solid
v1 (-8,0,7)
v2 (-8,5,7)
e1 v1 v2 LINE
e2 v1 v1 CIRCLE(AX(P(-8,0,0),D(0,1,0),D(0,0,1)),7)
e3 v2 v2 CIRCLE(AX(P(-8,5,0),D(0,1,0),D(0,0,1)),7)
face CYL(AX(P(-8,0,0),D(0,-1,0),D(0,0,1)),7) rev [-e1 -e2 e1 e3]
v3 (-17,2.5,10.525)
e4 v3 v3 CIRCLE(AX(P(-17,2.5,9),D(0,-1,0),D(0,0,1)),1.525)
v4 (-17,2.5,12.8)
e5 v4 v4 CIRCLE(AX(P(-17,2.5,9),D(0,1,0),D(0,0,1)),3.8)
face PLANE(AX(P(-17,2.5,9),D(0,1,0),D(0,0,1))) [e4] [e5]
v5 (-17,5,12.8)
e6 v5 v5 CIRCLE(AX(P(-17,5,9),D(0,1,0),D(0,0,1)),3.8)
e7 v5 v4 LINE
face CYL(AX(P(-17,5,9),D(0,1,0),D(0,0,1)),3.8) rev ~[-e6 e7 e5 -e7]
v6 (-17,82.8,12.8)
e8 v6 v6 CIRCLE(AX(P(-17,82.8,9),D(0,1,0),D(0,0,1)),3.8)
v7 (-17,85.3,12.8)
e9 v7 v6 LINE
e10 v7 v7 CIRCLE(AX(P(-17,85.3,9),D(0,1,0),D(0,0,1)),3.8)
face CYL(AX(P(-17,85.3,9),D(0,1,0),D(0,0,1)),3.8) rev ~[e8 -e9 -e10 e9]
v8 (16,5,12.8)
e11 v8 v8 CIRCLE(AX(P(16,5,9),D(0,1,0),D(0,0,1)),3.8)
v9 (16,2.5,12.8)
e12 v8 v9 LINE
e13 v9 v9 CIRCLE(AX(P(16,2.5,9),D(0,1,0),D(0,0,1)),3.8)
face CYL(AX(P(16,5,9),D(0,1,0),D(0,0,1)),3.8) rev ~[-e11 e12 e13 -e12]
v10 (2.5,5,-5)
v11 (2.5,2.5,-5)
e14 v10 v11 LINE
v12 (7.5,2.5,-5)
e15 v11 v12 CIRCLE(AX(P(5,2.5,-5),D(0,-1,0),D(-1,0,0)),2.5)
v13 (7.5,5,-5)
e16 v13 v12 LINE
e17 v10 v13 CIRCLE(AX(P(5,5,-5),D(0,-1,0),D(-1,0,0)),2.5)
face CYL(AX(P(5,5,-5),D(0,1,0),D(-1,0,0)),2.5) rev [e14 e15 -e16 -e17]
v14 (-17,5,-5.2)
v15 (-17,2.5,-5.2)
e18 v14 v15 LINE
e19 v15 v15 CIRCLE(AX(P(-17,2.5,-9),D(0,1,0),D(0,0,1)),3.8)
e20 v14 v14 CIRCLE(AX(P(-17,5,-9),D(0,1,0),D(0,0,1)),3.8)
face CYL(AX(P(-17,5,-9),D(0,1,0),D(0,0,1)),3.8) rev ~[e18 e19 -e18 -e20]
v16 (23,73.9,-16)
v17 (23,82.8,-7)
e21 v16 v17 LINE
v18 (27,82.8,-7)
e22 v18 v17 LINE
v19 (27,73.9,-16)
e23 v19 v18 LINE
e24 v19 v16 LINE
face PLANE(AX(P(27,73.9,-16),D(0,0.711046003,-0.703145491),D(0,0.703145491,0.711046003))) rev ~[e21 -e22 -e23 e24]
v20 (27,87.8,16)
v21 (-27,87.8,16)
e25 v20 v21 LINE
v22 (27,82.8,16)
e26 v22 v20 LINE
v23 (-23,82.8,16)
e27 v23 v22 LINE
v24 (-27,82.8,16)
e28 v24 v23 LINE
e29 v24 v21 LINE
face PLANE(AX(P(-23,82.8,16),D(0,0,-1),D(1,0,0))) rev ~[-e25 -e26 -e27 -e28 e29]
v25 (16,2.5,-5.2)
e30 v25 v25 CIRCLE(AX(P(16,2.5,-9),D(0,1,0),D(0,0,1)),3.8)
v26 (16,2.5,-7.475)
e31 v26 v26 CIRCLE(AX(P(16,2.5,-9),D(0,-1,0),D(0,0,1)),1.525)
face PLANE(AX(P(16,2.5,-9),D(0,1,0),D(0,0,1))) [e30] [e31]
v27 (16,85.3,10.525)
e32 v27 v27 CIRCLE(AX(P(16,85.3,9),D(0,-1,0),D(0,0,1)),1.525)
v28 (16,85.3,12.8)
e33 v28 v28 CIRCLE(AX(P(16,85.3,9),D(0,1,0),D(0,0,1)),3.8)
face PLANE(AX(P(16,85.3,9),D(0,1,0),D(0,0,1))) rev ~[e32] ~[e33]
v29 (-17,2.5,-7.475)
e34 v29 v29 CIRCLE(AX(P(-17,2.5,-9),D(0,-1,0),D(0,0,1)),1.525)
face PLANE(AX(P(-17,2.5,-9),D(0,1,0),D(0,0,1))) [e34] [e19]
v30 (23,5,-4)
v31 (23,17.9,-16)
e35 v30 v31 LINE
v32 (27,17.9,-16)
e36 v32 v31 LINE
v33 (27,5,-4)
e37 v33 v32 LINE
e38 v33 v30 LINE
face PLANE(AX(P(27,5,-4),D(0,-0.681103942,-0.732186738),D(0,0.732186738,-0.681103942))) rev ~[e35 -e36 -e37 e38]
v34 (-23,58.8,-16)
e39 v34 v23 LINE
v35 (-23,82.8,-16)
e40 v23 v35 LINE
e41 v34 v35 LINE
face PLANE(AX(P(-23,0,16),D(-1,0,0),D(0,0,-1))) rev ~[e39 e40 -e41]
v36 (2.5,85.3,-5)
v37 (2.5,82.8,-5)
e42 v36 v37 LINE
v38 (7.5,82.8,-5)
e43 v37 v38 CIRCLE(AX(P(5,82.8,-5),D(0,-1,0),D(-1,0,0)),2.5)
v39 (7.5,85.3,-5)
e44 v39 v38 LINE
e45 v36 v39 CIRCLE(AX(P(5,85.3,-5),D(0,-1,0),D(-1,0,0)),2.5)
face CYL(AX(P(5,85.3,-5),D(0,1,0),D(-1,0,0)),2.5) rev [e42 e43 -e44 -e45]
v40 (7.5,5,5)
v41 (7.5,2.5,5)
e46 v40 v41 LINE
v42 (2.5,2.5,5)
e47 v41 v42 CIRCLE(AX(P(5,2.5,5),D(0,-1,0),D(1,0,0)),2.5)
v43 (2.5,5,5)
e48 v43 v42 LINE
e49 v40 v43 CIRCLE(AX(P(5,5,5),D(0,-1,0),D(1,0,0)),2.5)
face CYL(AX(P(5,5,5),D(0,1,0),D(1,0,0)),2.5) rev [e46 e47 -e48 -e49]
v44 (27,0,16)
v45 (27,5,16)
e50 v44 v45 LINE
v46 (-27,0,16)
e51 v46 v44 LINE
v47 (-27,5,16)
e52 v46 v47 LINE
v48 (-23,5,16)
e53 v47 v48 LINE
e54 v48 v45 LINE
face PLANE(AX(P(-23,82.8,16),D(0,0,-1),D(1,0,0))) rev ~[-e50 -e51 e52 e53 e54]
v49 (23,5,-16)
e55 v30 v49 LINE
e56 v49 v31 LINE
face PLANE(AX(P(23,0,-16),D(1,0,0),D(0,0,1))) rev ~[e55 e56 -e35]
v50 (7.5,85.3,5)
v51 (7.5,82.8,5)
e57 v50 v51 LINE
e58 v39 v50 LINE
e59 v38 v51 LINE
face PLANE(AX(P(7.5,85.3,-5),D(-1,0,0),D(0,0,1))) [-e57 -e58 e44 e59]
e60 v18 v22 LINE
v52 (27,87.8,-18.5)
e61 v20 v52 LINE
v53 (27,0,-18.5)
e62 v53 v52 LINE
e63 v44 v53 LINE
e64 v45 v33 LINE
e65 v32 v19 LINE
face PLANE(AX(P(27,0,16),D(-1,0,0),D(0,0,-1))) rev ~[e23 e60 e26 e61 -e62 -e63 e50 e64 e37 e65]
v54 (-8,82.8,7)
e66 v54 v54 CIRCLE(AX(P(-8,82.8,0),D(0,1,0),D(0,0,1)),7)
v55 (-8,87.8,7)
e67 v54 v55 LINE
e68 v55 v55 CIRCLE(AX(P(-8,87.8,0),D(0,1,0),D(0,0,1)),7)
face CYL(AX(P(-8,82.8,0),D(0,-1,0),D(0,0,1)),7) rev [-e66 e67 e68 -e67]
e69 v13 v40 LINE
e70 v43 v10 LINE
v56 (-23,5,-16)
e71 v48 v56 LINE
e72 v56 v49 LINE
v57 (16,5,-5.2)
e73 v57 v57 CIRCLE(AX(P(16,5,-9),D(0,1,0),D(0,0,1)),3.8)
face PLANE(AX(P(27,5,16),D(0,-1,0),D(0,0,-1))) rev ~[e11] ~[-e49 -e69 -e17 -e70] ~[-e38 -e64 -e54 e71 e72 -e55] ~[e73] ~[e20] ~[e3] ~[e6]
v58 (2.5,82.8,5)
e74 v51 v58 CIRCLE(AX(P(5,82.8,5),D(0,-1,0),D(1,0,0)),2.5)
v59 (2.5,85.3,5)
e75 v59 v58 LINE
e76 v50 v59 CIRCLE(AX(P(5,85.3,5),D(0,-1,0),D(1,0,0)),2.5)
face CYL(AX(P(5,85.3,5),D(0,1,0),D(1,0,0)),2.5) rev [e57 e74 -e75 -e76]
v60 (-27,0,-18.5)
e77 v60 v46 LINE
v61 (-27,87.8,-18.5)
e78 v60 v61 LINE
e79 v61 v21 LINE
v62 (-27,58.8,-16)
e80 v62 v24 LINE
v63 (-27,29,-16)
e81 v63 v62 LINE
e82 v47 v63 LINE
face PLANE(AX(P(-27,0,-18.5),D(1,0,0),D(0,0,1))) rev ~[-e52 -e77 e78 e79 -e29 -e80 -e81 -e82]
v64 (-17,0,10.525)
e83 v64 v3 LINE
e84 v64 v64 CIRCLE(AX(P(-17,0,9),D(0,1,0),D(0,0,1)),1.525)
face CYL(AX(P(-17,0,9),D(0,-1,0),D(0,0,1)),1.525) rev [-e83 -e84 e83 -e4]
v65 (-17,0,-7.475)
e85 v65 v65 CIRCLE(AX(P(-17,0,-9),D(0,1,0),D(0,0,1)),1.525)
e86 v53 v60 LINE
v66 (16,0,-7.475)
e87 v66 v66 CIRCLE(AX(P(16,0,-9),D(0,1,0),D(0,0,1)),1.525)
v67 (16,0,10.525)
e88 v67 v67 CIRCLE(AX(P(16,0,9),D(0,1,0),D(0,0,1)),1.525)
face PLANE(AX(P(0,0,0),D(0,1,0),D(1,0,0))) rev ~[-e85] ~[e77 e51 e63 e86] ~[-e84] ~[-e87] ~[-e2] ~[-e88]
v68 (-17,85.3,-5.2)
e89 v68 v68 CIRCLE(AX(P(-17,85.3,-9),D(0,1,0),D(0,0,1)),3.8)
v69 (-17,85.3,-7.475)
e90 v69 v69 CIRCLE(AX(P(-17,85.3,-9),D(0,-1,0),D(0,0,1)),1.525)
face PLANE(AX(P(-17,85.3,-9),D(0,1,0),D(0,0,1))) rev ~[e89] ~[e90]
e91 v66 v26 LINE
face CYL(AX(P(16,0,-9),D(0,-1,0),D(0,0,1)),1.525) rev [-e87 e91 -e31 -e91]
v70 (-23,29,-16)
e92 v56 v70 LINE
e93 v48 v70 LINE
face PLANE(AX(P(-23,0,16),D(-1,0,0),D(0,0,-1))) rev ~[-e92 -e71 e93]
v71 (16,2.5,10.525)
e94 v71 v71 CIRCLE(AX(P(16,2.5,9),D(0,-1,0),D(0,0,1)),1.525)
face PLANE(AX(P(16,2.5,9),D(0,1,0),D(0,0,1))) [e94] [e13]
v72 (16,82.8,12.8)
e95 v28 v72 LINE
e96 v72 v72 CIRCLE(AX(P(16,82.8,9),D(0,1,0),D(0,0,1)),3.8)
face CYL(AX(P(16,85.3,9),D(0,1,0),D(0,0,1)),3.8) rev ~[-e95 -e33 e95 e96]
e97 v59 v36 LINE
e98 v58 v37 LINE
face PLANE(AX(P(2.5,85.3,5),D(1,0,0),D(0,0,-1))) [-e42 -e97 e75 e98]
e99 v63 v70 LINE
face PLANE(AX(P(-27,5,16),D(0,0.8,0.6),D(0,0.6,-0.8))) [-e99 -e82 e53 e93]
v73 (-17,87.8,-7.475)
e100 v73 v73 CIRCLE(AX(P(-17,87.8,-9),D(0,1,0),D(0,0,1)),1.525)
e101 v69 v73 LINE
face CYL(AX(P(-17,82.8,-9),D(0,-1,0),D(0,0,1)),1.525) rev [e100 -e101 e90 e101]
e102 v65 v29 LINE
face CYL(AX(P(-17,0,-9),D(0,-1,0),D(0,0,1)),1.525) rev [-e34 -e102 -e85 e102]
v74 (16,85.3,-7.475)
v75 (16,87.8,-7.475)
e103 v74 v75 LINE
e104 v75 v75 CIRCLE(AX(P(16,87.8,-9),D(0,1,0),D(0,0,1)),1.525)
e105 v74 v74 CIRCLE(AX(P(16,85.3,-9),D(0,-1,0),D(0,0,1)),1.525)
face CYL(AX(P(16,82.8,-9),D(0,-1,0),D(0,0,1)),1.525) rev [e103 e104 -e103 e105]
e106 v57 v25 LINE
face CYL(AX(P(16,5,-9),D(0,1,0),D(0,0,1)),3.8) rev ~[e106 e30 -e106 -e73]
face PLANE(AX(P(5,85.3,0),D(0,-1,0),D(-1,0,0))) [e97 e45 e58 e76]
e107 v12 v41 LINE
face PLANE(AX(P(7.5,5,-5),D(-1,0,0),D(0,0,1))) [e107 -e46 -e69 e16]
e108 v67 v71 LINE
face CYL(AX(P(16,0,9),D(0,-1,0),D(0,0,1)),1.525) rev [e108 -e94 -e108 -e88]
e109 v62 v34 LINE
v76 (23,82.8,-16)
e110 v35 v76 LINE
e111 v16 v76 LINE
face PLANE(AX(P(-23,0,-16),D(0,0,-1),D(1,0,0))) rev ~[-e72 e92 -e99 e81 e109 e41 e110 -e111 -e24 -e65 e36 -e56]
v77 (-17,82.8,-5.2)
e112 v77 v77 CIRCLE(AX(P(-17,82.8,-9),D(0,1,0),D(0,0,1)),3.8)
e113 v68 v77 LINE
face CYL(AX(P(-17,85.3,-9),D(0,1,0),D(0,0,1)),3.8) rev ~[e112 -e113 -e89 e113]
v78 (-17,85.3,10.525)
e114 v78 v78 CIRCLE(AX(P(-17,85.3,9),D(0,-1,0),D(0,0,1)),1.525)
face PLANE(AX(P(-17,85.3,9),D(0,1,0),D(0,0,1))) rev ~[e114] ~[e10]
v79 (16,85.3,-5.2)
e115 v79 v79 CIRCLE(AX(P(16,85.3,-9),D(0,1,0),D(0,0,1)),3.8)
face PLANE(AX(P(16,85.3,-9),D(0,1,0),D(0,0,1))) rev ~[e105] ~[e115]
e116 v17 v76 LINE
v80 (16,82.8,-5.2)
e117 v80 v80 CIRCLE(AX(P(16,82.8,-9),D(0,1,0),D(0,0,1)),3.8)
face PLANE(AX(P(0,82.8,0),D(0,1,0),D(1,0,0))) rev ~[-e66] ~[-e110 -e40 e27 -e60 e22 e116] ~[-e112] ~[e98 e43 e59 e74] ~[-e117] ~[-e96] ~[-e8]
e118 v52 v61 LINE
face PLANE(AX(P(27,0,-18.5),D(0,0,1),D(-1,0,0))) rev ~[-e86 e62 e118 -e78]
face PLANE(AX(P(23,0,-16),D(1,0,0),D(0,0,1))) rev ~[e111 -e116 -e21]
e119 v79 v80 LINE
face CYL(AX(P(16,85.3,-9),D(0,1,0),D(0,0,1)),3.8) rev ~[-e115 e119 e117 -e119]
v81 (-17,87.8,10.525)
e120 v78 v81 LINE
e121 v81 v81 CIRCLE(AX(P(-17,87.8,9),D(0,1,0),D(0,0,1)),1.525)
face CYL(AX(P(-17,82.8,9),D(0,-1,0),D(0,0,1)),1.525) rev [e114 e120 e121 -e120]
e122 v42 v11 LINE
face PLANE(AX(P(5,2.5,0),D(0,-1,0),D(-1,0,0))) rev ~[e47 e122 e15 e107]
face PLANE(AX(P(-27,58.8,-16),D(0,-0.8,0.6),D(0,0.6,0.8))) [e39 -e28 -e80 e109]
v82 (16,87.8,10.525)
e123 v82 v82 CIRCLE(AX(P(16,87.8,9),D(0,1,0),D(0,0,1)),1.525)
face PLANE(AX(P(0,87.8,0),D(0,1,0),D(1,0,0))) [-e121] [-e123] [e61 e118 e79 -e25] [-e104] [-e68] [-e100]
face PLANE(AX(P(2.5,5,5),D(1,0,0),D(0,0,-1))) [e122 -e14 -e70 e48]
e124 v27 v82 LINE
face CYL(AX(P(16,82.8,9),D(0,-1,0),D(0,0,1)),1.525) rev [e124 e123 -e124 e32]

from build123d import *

# Parameters (mm, degrees)
SKETCH2_W           = 46
SKETCH2_H           = 32
SKETCH2_R           = 1.525
SKETCH2_R_2         = 7
BOSS_EXTRUDE1_DEPTH = 5
SKETCH3_R           = 3.8
CUT_EXTRUDE1_DEPTH  = 2.5
BOSS_EXTRUDE2_DEPTH = 87.8
BOSS_EXTRUDE3_START = 82.8
SKETCH2_2_W         = 46
SKETCH2_2_H         = 32
SKETCH2_2_R         = 1.525
SKETCH2_2_R_2       = 7
BOSS_EXTRUDE3_DEPTH = 5
CUT_EXTRUDE2_START  = 80.3
SKETCH3_3_R         = 3.8
CUT_EXTRUDE2_DEPTH  = 2.5
CUT_EXTRUDE3_DEPTH  = 5
CUT_EXTRUDE4_DEPTH  = 5


with BuildPart() as part:
    # Sketch2 → Boss-Extrude1 (new body)
    with BuildSketch(Plane(origin=(0, 0, 0), x_dir=(1, 0, 0), z_dir=(0, 1, 0))):
        Rectangle(SKETCH2_W, SKETCH2_H)
        with Locations(Location((-17, 9, 0), (0, 0, 270))):
            Circle(SKETCH2_R, mode=Mode.SUBTRACT)
        with Locations(Location((-17, -9, 0), (0, 0, 270))):
            Circle(SKETCH2_R, mode=Mode.SUBTRACT)
        with Locations(Location((16, -9, 0), (0, 0, 270))):
            Circle(SKETCH2_R, mode=Mode.SUBTRACT)
        with Locations(Location((16, 9, 0), (0, 0, 270))):
            Circle(SKETCH2_R, mode=Mode.SUBTRACT)
        with Locations(Location((-8, 0, 0), (0, 0, 270))):
            Circle(SKETCH2_R_2, mode=Mode.SUBTRACT)
    extrude(amount=BOSS_EXTRUDE1_DEPTH)

    # Sketch3 → Cut-Extrude1 (cut)
    with BuildSketch(Plane(origin=(0, 5, 0), x_dir=(1, 0, 0), z_dir=(0, 1, 0))):
        with Locations(Location((-17, 9, 0), (0, 0, 270))):
            Circle(SKETCH3_R)
        with Locations(Location((-17, -9, 0), (0, 0, 270))):
            Circle(SKETCH3_R)
        with Locations(Location((16, -9, 0), (0, 0, 270))):
            Circle(SKETCH3_R)
        with Locations(Location((16, 9, 0), (0, 0, 270))):
            Circle(SKETCH3_R)
        with BuildLine():
            Line((7.5, 5), (7.5, -5))
            ThreePointArc((7.5, -5), (5, -7.5), (2.5, -5))
            Line((2.5, -5), (2.5, 5))
            ThreePointArc((2.5, 5), (5, 7.5), (7.5, 5))
        make_face()
    extrude(amount=-CUT_EXTRUDE1_DEPTH, mode=Mode.SUBTRACT)

    # Sketch4 → Boss-Extrude2 (add)
    with BuildSketch(Plane(origin=(0, 0, 0), x_dir=(-1, 0, 0), z_dir=(0, -1, 0))):
        Polygon((23, 16), (-23, 16), (-23, -16), (-27, -16), (-27, 18.5), (27, 18.5), (27, -16), (23, -16), align=None)
    extrude(amount=-BOSS_EXTRUDE2_DEPTH)

    # Sketch2<2> → Boss-Extrude3 (add)
    with BuildSketch(Plane(origin=(0, 0, 0), x_dir=(1, 0, 0), z_dir=(0, 1, 0)).offset(BOSS_EXTRUDE3_START)):
        Rectangle(SKETCH2_2_W, SKETCH2_2_H)
        with Locations(Location((-17, 9, 0), (0, 0, 270))):
            Circle(SKETCH2_2_R, mode=Mode.SUBTRACT)
        with Locations(Location((-17, -9, 0), (0, 0, 270))):
            Circle(SKETCH2_2_R, mode=Mode.SUBTRACT)
        with Locations(Location((16, -9, 0), (0, 0, 270))):
            Circle(SKETCH2_2_R, mode=Mode.SUBTRACT)
        with Locations(Location((16, 9, 0), (0, 0, 270))):
            Circle(SKETCH2_2_R, mode=Mode.SUBTRACT)
        with Locations(Location((-8, 0, 0), (0, 0, 270))):
            Circle(SKETCH2_2_R_2, mode=Mode.SUBTRACT)
    extrude(amount=BOSS_EXTRUDE3_DEPTH)

    # Sketch3<3> → Cut-Extrude2 (cut)
    with BuildSketch(Plane(origin=(0, 5, 0), x_dir=(1, 0, 0), z_dir=(0, 1, 0)).offset(CUT_EXTRUDE2_START)):
        with Locations(Location((-17, 9, 0), (0, 0, 270))):
            Circle(SKETCH3_3_R)
        with Locations(Location((-17, -9, 0), (0, 0, 270))):
            Circle(SKETCH3_3_R)
        with Locations(Location((16, -9, 0), (0, 0, 270))):
            Circle(SKETCH3_3_R)
        with Locations(Location((16, 9, 0), (0, 0, 270))):
            Circle(SKETCH3_3_R)
        with BuildLine():
            Line((7.5, 5), (7.5, -5))
            ThreePointArc((7.5, -5), (5, -7.5), (2.5, -5))
            Line((2.5, -5), (2.5, 5))
            ThreePointArc((2.5, 5), (5, 7.5), (7.5, 5))
        make_face()
    extrude(amount=-CUT_EXTRUDE2_DEPTH, mode=Mode.SUBTRACT)

    # Sketch5 → Cut-Extrude3 (cut)
    with BuildSketch(Plane(origin=(27, 0, 0), x_dir=(0, 0, -1), z_dir=(1, 0, 0))):
        Polygon((-16, 43.9), (-16, 5), (4, 5), (16, 17.9), (16, 43.9), align=None)
        Polygon((-16, 82.8), (-16, 43.9), (16, 43.9), (16, 73.9), (7, 82.8), align=None)
    extrude(amount=-CUT_EXTRUDE3_DEPTH, mode=Mode.SUBTRACT)

    # Sketch6 → Cut-Extrude4 (cut)
    with BuildSketch(Plane.ZY.offset(27)):
        Polygon((16, 82.8), (16, 5), (-16, 29), (-16, 58.8), align=None)
    extrude(amount=-CUT_EXTRUDE4_DEPTH, mode=Mode.SUBTRACT)


solid = part.part
